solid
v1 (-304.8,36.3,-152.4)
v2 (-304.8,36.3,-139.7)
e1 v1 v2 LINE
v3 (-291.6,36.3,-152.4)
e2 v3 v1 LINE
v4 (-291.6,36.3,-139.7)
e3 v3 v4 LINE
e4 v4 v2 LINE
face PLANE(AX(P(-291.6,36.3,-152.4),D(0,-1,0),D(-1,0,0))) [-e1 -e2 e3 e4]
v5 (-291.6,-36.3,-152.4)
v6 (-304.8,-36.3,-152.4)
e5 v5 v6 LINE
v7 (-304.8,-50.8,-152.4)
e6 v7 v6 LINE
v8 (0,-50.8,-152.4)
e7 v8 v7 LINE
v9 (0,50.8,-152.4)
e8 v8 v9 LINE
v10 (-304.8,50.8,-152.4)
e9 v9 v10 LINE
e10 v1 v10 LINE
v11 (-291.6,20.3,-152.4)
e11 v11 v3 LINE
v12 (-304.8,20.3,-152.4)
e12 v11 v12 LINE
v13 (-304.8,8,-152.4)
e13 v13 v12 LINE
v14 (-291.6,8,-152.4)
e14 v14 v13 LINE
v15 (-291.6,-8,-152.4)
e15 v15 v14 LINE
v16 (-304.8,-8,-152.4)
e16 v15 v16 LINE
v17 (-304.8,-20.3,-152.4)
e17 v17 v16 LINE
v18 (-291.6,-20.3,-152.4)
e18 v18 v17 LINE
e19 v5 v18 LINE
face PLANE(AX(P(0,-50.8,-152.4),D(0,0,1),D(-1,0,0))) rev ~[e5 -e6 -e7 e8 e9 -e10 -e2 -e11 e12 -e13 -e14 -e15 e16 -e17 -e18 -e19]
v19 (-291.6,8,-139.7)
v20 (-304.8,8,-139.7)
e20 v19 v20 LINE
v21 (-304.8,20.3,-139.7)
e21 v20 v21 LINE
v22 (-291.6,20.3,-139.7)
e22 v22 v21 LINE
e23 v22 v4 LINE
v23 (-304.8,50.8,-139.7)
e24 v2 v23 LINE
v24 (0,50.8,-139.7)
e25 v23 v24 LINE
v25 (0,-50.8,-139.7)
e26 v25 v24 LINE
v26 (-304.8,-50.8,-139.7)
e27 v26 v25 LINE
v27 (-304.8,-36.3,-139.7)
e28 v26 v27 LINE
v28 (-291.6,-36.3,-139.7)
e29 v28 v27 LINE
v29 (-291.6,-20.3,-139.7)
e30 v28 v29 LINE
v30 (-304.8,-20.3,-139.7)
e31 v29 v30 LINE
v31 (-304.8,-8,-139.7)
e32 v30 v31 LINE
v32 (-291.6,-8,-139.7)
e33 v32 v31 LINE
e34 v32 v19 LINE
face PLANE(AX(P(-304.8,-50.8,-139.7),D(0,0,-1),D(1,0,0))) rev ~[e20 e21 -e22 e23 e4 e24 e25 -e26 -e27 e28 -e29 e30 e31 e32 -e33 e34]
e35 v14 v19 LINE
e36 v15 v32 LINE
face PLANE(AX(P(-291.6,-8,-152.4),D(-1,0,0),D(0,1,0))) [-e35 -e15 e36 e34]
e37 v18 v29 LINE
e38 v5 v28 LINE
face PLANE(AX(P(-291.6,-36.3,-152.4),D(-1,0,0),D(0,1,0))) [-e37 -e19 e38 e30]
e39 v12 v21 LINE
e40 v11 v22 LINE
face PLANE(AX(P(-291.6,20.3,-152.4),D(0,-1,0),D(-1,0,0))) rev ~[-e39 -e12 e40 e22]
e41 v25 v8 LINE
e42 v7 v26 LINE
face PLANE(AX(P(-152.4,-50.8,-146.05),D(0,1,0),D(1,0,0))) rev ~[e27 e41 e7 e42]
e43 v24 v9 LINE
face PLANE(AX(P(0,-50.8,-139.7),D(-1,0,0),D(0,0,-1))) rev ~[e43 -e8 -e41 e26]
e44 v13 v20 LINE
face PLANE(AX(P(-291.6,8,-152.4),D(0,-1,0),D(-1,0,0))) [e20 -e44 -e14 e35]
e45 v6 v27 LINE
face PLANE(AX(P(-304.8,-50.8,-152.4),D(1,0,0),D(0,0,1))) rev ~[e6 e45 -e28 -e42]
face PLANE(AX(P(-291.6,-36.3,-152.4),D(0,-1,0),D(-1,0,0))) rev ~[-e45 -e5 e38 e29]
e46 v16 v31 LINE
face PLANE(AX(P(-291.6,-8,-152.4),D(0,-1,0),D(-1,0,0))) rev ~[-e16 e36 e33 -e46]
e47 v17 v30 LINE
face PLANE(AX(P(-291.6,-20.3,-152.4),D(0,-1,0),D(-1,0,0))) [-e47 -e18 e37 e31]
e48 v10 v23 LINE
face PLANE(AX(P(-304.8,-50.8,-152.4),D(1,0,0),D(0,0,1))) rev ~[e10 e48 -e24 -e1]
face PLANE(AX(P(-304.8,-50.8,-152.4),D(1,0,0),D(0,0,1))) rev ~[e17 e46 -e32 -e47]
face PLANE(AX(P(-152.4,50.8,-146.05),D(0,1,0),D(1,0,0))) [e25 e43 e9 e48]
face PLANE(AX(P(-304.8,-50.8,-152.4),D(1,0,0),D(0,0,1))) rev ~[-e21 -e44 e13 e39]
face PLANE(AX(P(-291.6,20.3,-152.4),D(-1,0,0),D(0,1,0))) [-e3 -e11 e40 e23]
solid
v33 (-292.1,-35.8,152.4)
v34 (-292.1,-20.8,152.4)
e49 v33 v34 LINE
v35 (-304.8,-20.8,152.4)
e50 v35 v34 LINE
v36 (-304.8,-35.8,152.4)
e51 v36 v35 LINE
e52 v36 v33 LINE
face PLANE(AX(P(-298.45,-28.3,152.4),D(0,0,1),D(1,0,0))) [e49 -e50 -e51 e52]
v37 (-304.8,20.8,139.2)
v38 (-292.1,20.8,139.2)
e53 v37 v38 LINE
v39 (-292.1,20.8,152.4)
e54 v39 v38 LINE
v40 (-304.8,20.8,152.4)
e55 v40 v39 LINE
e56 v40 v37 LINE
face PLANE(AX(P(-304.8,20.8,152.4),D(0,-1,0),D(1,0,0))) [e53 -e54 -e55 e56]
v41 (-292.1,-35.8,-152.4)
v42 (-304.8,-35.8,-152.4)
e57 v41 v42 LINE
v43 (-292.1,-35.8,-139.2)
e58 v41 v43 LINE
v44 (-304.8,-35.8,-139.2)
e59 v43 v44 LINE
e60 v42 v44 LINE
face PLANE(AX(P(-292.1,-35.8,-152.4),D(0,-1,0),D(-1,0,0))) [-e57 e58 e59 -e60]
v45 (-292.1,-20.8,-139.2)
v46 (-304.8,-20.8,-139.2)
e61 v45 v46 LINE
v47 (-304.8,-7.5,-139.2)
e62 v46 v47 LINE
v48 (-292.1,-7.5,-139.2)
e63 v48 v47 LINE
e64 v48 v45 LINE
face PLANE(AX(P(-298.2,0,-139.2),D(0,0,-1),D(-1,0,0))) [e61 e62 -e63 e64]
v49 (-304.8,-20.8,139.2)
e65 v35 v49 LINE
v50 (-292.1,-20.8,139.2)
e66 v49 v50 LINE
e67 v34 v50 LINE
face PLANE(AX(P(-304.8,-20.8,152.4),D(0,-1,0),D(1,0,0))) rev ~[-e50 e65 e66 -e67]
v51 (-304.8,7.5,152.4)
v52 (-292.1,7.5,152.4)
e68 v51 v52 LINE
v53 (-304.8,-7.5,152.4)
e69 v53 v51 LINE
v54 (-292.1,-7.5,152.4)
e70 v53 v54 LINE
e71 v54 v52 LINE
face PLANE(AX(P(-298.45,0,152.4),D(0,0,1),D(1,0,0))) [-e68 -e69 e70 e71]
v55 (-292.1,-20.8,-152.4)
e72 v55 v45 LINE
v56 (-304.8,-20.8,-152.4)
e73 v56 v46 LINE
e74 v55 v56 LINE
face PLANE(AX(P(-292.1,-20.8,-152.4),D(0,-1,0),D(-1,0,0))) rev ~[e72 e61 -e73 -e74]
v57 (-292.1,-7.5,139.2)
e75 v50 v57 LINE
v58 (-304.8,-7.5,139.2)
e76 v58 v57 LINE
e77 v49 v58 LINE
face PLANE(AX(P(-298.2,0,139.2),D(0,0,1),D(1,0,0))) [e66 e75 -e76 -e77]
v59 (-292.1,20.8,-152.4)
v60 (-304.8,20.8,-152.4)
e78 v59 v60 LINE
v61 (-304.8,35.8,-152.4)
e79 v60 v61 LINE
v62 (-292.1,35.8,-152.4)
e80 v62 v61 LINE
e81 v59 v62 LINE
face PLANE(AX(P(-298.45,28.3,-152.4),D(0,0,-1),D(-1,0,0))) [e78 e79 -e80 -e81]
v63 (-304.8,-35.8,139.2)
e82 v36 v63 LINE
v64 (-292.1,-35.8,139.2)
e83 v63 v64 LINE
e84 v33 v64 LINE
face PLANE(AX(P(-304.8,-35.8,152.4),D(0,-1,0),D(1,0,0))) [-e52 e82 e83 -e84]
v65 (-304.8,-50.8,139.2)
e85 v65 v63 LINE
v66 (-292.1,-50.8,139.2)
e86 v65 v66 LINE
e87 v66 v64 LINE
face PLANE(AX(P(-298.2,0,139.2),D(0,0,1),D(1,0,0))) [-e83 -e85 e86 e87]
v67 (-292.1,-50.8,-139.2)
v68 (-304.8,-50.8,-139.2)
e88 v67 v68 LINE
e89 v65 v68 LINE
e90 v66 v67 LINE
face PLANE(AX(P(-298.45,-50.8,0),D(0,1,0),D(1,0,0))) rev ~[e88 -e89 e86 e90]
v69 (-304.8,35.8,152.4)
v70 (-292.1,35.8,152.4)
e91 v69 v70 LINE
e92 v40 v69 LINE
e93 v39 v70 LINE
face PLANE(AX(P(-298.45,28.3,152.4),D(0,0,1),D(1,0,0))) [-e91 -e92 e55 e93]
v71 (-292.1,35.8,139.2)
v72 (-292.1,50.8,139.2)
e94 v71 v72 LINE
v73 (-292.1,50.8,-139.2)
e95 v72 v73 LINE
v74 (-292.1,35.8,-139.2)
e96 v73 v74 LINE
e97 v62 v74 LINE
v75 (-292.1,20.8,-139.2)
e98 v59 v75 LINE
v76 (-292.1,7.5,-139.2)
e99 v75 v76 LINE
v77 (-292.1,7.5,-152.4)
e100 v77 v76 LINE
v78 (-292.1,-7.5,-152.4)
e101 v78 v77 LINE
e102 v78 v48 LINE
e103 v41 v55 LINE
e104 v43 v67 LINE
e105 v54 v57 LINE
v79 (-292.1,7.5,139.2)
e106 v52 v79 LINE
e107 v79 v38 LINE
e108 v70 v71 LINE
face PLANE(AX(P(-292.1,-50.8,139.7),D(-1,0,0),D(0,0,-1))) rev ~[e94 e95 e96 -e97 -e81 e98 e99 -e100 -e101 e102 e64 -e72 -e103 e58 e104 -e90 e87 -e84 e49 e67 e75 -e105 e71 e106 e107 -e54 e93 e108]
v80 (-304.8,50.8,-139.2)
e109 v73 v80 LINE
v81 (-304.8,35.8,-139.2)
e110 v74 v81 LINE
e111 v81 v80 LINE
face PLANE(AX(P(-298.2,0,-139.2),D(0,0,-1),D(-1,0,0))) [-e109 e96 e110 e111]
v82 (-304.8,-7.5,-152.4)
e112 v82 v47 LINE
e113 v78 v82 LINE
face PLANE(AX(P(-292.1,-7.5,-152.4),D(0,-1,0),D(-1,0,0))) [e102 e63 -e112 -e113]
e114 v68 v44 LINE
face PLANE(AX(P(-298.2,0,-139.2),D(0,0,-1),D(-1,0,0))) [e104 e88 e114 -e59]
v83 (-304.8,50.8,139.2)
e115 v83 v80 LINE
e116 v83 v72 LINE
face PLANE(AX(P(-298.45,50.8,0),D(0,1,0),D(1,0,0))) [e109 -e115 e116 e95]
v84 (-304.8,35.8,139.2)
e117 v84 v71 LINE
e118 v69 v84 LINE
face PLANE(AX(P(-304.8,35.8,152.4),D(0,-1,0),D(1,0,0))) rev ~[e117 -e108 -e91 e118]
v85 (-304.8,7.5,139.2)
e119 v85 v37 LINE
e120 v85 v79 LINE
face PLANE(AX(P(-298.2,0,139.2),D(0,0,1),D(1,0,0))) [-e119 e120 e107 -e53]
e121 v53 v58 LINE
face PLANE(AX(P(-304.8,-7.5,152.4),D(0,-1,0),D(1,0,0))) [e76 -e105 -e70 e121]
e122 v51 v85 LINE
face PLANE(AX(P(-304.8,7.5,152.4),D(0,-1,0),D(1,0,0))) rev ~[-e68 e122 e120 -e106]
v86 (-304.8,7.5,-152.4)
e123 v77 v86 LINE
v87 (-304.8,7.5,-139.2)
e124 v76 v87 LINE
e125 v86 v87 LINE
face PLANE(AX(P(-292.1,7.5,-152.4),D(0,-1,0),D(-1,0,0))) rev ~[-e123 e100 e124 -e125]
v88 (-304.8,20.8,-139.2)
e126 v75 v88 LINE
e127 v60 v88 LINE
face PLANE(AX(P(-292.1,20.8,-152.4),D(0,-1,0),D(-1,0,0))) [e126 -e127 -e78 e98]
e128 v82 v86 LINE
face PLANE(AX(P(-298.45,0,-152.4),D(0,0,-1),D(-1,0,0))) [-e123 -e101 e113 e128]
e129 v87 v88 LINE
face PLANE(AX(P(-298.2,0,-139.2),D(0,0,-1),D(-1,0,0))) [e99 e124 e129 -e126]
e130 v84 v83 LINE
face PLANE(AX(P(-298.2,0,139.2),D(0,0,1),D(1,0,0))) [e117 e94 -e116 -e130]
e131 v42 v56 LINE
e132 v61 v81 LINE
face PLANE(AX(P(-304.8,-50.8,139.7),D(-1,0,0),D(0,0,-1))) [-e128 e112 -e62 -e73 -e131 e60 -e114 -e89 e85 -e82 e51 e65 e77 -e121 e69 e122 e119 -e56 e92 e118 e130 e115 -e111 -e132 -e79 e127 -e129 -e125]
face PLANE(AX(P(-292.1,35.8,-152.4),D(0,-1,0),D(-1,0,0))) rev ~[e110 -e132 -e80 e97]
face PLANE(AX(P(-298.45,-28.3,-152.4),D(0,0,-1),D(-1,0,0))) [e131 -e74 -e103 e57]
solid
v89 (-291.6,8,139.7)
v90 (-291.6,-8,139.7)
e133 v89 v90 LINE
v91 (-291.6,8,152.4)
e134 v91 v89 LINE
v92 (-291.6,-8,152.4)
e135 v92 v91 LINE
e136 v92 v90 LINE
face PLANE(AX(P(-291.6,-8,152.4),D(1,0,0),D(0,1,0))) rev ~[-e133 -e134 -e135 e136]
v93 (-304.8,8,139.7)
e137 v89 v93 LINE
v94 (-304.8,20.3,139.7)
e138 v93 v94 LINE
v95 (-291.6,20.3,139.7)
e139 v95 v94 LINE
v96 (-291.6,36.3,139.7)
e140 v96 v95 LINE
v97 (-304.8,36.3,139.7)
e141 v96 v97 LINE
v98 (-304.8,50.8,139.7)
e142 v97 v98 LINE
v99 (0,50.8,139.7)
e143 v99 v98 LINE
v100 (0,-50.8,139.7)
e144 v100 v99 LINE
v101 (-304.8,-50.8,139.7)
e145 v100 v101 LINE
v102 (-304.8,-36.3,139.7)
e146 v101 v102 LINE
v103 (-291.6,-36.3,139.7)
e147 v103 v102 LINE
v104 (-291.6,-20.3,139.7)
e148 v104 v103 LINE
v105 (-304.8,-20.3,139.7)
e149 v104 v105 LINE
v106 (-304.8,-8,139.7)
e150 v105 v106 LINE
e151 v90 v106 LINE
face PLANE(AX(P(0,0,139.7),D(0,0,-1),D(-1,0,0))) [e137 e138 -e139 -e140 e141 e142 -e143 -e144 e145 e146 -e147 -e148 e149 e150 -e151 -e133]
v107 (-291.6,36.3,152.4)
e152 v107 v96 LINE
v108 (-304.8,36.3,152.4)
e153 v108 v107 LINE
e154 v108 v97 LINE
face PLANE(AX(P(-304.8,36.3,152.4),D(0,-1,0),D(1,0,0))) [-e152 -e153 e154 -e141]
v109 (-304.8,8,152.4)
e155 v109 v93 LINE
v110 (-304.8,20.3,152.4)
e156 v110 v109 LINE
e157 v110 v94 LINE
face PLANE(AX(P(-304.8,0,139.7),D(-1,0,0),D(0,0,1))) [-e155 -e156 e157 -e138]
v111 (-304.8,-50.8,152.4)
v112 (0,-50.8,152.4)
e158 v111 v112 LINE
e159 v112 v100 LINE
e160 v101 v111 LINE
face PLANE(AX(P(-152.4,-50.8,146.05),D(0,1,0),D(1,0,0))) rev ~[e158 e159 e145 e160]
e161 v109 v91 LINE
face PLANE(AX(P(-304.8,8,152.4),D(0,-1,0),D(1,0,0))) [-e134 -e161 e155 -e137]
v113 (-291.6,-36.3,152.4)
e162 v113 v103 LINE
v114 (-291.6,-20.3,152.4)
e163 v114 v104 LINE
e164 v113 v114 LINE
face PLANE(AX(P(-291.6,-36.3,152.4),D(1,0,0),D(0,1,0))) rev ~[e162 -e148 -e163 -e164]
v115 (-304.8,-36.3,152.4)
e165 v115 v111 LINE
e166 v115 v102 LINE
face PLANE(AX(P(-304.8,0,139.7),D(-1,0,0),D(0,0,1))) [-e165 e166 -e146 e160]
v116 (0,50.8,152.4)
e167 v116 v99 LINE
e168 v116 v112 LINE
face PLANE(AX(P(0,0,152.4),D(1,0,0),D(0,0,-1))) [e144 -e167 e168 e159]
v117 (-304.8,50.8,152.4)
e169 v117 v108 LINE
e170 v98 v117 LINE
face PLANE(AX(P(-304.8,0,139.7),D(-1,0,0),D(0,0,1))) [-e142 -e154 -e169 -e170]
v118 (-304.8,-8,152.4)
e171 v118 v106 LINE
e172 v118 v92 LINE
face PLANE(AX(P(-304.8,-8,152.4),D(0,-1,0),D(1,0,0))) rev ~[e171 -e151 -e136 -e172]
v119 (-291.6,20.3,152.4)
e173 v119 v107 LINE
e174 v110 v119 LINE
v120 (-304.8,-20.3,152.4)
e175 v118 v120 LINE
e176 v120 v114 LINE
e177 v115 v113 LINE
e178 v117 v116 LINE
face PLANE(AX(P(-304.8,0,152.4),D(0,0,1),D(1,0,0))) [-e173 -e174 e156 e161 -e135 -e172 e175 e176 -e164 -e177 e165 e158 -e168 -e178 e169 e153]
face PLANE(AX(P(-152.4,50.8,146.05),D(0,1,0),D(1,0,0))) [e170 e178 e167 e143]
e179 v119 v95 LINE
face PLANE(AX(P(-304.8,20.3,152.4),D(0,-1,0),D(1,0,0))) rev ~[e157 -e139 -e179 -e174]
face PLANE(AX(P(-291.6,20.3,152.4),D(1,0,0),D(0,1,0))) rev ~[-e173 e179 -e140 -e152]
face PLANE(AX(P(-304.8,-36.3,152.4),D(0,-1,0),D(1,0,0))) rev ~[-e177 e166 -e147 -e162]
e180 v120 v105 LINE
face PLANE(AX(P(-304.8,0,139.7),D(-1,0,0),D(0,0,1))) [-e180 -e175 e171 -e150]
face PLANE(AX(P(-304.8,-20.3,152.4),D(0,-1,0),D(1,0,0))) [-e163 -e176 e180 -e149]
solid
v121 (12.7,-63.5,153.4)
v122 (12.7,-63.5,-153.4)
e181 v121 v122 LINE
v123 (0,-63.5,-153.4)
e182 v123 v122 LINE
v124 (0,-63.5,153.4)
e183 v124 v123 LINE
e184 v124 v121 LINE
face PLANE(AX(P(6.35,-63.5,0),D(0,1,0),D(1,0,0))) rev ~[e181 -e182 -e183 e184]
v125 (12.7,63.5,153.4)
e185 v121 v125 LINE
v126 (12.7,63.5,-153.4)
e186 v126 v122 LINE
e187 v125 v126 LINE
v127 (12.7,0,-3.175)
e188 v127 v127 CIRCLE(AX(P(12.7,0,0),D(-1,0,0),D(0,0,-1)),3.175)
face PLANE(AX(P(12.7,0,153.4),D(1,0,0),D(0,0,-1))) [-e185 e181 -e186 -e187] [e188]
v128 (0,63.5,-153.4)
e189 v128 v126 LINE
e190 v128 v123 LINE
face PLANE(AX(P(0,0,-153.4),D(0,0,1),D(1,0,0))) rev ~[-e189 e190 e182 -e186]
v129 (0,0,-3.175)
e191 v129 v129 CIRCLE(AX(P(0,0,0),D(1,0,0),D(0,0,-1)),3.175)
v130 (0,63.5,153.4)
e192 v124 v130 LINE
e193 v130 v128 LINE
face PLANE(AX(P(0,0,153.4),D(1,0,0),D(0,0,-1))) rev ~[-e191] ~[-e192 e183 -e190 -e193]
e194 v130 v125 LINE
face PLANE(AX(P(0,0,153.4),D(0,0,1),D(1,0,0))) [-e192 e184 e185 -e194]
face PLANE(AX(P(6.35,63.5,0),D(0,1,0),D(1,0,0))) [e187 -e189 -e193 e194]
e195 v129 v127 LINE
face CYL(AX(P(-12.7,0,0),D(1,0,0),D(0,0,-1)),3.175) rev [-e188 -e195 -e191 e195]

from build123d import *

# Parameters (mm, degrees)
BOSS_EXTRUDE2_DEPTH      = 50.8
BOSS_EXTRUDE3_DEPTH      = 50.8
BOSS_EXTRUDE3_DEPTH_BACK = 50.8
SKETCH1_6_W              = 12.7
SKETCH1_6_H              = 279.4
BOSS_EXTRUDE4_DEPTH      = 50.8
BOSS_EXTRUDE4_DEPTH_BACK = 50.8
SKETCH1_8_W              = 12.7
SKETCH1_8_H              = 306.8
BOSS_EXTRUDE5_DEPTH      = 63.5
SKETCH5_W                = 13.2
SKETCH5_H                = 101.6
CUT_EXTRUDE1_DEPTH       = 0.5
SKETCH6_W                = 13.2
SKETCH6_H                = 16
CUT_EXTRUDE2_DEPTH       = 13.2
LPATTERN1_COUNT          = 3
LPATTERN1_PITCH          = 28.3
SKETCH7_W                = 12.7
SKETCH7_H                = 15
BOSS_EXTRUDE31_DEPTH     = 13.2
LPATTERN2_COUNT          = 3
LPATTERN2_PITCH          = 28.3
SKETCH51_W               = 13.2
SKETCH51_H               = 101.6
CUT_EXTRUDE11_DEPTH      = 0.5
SKETCH61_W               = 13.2
SKETCH61_H               = 16
CUT_EXTRUDE21_DEPTH      = 13.2
LPATTERN11_COUNT         = 3
LPATTERN11_PITCH         = 28.3
SKETCH71_W               = 12.7
SKETCH71_H               = 15
BOSS_EXTRUDE32_DEPTH     = 13.2
LPATTERN21_COUNT         = 3
LPATTERN21_PITCH         = 28.3


with BuildPart() as part:
    # Sketch1 → Boss-Extrude2 (new, symmetric)
    with BuildSketch(Plane(origin=(0, 0, 0), x_dir=(1, 0, 0), z_dir=(0, 1, 0))):
        Polygon((0, -152.4), (0, -139.7), (-292.1, -139.7), (-304.8, -139.7), (-304.8, -152.4), align=None)
    extrude(amount=BOSS_EXTRUDE2_DEPTH, both=True)

    # Sketch6 → Cut-Extrude2 (cut)
    with BuildSketch(Plane.XY.offset(152.4)):
        with Locations((-298.2, -28.3)):
            Rectangle(SKETCH6_W, SKETCH6_H)
    cut_extrude2 = extrude(amount=-CUT_EXTRUDE2_DEPTH, mode=Mode.SUBTRACT)

    # LPattern1: Cut-Extrude2 ×3
    with Locations(*[(0, i * LPATTERN1_PITCH, 0) for i in range(1, LPATTERN1_COUNT)]):
        add(cut_extrude2, mode=Mode.SUBTRACT)


with BuildPart() as body_2:
    # Sketch1<6> → Boss-Extrude3 (new, two sides: drawn at the far end of the back side and taken through both)
    with BuildSketch(Plane(origin=(0, 0, 0), x_dir=(1, 0, 0), z_dir=(0, 1, 0)).offset(-BOSS_EXTRUDE3_DEPTH_BACK)):
        with Locations((-298.45, 0)):
            Rectangle(SKETCH1_6_W, SKETCH1_6_H)
    extrude(amount=BOSS_EXTRUDE3_DEPTH + BOSS_EXTRUDE3_DEPTH_BACK)

    # Sketch5 → Cut-Extrude1 (cut)
    with BuildSketch(Plane.XY.offset(139.7)):
        with Locations((-298.2, 0)):
            Rectangle(SKETCH5_W, SKETCH5_H)
    extrude(amount=-CUT_EXTRUDE1_DEPTH, mode=Mode.SUBTRACT)

    # Sketch7 → Boss-Extrude31 (add)
    with BuildSketch(Plane.XY.offset(152.4)):
        with Locations((-298.45, -28.3)):
            Rectangle(SKETCH7_W, SKETCH7_H)
    boss_extrude31 = extrude(amount=-BOSS_EXTRUDE31_DEPTH)

    # LPattern2: Boss-Extrude31 ×3
    with Locations(*[(0, i * LPATTERN2_PITCH, 0) for i in range(1, LPATTERN2_COUNT)]):
        add(boss_extrude31)

    # Sketch51 → Cut-Extrude11 (cut)
    with BuildSketch(Plane(origin=(0, 0, -139.7), x_dir=(-1, 0, 0), z_dir=(0, 0, -1))):
        with Locations((298.2, 0)):
            Rectangle(SKETCH51_W, SKETCH51_H)
    extrude(amount=-CUT_EXTRUDE11_DEPTH, mode=Mode.SUBTRACT)

    # Sketch71 → Boss-Extrude32 (add)
    with BuildSketch(Plane(origin=(0, 0, -152.4), x_dir=(-1, 0, 0), z_dir=(0, 0, -1))):
        with Locations((298.45, 28.3)):
            Rectangle(SKETCH71_W, SKETCH71_H)
    boss_extrude32 = extrude(amount=-BOSS_EXTRUDE32_DEPTH)

    # LPattern21: Boss-Extrude32 ×3
    with Locations(*[(0, -i * LPATTERN21_PITCH, 0) for i in range(1, LPATTERN21_COUNT)]):
        add(boss_extrude32)


with BuildPart() as body_3:
    # Sketch1<7> → Boss-Extrude4 (new, two sides: drawn at the far end of the back side and taken through both)
    with BuildSketch(Plane(origin=(0, 0, 0), x_dir=(1, 0, 0), z_dir=(0, 1, 0)).offset(-BOSS_EXTRUDE4_DEPTH_BACK)):
        Polygon((0, 139.7), (0, 152.4), (-304.8, 152.4), (-304.8, 139.7), (-292.1, 139.7), align=None)
    extrude(amount=BOSS_EXTRUDE4_DEPTH + BOSS_EXTRUDE4_DEPTH_BACK)

    # Sketch61 → Cut-Extrude21 (cut)
    with BuildSketch(Plane(origin=(0, 0, -152.4), x_dir=(-1, 0, 0), z_dir=(0, 0, -1))):
        with Locations((298.2, 28.3)):
            Rectangle(SKETCH61_W, SKETCH61_H)
    cut_extrude21 = extrude(amount=-CUT_EXTRUDE21_DEPTH, mode=Mode.SUBTRACT)

    # LPattern11: Cut-Extrude21 ×3
    with Locations(*[(0, -i * LPATTERN11_PITCH, 0) for i in range(1, LPATTERN11_COUNT)]):
        add(cut_extrude21, mode=Mode.SUBTRACT)


with BuildPart() as body_4:
    # Sketch1<8> → Boss-Extrude5 (new, symmetric)
    with BuildSketch(Plane(origin=(0, 0, 0), x_dir=(1, 0, 0), z_dir=(0, 1, 0))):
        with Locations((6.35, 0)):
            Rectangle(SKETCH1_8_W, SKETCH1_8_H)
    extrude(amount=BOSS_EXTRUDE5_DEPTH, both=True)

    # Sketch913 → 1/4 (0.25) Diameter Hole1 (revolve, cut)
    with BuildSketch(Plane(origin=(12.7, 0, 0), x_dir=(0, 0, -1), z_dir=(0, 1, 0))):
        Polygon((0, 0), (0, 27.307732465), (3.175, 25.4), (3.175, 0), align=None)
    revolve(axis=Axis((19.05, 0, 0), (-1, 0, 0)), mode=Mode.SUBTRACT)


solid = Compound([part.part, body_2.part, body_3.part, body_4.part])
